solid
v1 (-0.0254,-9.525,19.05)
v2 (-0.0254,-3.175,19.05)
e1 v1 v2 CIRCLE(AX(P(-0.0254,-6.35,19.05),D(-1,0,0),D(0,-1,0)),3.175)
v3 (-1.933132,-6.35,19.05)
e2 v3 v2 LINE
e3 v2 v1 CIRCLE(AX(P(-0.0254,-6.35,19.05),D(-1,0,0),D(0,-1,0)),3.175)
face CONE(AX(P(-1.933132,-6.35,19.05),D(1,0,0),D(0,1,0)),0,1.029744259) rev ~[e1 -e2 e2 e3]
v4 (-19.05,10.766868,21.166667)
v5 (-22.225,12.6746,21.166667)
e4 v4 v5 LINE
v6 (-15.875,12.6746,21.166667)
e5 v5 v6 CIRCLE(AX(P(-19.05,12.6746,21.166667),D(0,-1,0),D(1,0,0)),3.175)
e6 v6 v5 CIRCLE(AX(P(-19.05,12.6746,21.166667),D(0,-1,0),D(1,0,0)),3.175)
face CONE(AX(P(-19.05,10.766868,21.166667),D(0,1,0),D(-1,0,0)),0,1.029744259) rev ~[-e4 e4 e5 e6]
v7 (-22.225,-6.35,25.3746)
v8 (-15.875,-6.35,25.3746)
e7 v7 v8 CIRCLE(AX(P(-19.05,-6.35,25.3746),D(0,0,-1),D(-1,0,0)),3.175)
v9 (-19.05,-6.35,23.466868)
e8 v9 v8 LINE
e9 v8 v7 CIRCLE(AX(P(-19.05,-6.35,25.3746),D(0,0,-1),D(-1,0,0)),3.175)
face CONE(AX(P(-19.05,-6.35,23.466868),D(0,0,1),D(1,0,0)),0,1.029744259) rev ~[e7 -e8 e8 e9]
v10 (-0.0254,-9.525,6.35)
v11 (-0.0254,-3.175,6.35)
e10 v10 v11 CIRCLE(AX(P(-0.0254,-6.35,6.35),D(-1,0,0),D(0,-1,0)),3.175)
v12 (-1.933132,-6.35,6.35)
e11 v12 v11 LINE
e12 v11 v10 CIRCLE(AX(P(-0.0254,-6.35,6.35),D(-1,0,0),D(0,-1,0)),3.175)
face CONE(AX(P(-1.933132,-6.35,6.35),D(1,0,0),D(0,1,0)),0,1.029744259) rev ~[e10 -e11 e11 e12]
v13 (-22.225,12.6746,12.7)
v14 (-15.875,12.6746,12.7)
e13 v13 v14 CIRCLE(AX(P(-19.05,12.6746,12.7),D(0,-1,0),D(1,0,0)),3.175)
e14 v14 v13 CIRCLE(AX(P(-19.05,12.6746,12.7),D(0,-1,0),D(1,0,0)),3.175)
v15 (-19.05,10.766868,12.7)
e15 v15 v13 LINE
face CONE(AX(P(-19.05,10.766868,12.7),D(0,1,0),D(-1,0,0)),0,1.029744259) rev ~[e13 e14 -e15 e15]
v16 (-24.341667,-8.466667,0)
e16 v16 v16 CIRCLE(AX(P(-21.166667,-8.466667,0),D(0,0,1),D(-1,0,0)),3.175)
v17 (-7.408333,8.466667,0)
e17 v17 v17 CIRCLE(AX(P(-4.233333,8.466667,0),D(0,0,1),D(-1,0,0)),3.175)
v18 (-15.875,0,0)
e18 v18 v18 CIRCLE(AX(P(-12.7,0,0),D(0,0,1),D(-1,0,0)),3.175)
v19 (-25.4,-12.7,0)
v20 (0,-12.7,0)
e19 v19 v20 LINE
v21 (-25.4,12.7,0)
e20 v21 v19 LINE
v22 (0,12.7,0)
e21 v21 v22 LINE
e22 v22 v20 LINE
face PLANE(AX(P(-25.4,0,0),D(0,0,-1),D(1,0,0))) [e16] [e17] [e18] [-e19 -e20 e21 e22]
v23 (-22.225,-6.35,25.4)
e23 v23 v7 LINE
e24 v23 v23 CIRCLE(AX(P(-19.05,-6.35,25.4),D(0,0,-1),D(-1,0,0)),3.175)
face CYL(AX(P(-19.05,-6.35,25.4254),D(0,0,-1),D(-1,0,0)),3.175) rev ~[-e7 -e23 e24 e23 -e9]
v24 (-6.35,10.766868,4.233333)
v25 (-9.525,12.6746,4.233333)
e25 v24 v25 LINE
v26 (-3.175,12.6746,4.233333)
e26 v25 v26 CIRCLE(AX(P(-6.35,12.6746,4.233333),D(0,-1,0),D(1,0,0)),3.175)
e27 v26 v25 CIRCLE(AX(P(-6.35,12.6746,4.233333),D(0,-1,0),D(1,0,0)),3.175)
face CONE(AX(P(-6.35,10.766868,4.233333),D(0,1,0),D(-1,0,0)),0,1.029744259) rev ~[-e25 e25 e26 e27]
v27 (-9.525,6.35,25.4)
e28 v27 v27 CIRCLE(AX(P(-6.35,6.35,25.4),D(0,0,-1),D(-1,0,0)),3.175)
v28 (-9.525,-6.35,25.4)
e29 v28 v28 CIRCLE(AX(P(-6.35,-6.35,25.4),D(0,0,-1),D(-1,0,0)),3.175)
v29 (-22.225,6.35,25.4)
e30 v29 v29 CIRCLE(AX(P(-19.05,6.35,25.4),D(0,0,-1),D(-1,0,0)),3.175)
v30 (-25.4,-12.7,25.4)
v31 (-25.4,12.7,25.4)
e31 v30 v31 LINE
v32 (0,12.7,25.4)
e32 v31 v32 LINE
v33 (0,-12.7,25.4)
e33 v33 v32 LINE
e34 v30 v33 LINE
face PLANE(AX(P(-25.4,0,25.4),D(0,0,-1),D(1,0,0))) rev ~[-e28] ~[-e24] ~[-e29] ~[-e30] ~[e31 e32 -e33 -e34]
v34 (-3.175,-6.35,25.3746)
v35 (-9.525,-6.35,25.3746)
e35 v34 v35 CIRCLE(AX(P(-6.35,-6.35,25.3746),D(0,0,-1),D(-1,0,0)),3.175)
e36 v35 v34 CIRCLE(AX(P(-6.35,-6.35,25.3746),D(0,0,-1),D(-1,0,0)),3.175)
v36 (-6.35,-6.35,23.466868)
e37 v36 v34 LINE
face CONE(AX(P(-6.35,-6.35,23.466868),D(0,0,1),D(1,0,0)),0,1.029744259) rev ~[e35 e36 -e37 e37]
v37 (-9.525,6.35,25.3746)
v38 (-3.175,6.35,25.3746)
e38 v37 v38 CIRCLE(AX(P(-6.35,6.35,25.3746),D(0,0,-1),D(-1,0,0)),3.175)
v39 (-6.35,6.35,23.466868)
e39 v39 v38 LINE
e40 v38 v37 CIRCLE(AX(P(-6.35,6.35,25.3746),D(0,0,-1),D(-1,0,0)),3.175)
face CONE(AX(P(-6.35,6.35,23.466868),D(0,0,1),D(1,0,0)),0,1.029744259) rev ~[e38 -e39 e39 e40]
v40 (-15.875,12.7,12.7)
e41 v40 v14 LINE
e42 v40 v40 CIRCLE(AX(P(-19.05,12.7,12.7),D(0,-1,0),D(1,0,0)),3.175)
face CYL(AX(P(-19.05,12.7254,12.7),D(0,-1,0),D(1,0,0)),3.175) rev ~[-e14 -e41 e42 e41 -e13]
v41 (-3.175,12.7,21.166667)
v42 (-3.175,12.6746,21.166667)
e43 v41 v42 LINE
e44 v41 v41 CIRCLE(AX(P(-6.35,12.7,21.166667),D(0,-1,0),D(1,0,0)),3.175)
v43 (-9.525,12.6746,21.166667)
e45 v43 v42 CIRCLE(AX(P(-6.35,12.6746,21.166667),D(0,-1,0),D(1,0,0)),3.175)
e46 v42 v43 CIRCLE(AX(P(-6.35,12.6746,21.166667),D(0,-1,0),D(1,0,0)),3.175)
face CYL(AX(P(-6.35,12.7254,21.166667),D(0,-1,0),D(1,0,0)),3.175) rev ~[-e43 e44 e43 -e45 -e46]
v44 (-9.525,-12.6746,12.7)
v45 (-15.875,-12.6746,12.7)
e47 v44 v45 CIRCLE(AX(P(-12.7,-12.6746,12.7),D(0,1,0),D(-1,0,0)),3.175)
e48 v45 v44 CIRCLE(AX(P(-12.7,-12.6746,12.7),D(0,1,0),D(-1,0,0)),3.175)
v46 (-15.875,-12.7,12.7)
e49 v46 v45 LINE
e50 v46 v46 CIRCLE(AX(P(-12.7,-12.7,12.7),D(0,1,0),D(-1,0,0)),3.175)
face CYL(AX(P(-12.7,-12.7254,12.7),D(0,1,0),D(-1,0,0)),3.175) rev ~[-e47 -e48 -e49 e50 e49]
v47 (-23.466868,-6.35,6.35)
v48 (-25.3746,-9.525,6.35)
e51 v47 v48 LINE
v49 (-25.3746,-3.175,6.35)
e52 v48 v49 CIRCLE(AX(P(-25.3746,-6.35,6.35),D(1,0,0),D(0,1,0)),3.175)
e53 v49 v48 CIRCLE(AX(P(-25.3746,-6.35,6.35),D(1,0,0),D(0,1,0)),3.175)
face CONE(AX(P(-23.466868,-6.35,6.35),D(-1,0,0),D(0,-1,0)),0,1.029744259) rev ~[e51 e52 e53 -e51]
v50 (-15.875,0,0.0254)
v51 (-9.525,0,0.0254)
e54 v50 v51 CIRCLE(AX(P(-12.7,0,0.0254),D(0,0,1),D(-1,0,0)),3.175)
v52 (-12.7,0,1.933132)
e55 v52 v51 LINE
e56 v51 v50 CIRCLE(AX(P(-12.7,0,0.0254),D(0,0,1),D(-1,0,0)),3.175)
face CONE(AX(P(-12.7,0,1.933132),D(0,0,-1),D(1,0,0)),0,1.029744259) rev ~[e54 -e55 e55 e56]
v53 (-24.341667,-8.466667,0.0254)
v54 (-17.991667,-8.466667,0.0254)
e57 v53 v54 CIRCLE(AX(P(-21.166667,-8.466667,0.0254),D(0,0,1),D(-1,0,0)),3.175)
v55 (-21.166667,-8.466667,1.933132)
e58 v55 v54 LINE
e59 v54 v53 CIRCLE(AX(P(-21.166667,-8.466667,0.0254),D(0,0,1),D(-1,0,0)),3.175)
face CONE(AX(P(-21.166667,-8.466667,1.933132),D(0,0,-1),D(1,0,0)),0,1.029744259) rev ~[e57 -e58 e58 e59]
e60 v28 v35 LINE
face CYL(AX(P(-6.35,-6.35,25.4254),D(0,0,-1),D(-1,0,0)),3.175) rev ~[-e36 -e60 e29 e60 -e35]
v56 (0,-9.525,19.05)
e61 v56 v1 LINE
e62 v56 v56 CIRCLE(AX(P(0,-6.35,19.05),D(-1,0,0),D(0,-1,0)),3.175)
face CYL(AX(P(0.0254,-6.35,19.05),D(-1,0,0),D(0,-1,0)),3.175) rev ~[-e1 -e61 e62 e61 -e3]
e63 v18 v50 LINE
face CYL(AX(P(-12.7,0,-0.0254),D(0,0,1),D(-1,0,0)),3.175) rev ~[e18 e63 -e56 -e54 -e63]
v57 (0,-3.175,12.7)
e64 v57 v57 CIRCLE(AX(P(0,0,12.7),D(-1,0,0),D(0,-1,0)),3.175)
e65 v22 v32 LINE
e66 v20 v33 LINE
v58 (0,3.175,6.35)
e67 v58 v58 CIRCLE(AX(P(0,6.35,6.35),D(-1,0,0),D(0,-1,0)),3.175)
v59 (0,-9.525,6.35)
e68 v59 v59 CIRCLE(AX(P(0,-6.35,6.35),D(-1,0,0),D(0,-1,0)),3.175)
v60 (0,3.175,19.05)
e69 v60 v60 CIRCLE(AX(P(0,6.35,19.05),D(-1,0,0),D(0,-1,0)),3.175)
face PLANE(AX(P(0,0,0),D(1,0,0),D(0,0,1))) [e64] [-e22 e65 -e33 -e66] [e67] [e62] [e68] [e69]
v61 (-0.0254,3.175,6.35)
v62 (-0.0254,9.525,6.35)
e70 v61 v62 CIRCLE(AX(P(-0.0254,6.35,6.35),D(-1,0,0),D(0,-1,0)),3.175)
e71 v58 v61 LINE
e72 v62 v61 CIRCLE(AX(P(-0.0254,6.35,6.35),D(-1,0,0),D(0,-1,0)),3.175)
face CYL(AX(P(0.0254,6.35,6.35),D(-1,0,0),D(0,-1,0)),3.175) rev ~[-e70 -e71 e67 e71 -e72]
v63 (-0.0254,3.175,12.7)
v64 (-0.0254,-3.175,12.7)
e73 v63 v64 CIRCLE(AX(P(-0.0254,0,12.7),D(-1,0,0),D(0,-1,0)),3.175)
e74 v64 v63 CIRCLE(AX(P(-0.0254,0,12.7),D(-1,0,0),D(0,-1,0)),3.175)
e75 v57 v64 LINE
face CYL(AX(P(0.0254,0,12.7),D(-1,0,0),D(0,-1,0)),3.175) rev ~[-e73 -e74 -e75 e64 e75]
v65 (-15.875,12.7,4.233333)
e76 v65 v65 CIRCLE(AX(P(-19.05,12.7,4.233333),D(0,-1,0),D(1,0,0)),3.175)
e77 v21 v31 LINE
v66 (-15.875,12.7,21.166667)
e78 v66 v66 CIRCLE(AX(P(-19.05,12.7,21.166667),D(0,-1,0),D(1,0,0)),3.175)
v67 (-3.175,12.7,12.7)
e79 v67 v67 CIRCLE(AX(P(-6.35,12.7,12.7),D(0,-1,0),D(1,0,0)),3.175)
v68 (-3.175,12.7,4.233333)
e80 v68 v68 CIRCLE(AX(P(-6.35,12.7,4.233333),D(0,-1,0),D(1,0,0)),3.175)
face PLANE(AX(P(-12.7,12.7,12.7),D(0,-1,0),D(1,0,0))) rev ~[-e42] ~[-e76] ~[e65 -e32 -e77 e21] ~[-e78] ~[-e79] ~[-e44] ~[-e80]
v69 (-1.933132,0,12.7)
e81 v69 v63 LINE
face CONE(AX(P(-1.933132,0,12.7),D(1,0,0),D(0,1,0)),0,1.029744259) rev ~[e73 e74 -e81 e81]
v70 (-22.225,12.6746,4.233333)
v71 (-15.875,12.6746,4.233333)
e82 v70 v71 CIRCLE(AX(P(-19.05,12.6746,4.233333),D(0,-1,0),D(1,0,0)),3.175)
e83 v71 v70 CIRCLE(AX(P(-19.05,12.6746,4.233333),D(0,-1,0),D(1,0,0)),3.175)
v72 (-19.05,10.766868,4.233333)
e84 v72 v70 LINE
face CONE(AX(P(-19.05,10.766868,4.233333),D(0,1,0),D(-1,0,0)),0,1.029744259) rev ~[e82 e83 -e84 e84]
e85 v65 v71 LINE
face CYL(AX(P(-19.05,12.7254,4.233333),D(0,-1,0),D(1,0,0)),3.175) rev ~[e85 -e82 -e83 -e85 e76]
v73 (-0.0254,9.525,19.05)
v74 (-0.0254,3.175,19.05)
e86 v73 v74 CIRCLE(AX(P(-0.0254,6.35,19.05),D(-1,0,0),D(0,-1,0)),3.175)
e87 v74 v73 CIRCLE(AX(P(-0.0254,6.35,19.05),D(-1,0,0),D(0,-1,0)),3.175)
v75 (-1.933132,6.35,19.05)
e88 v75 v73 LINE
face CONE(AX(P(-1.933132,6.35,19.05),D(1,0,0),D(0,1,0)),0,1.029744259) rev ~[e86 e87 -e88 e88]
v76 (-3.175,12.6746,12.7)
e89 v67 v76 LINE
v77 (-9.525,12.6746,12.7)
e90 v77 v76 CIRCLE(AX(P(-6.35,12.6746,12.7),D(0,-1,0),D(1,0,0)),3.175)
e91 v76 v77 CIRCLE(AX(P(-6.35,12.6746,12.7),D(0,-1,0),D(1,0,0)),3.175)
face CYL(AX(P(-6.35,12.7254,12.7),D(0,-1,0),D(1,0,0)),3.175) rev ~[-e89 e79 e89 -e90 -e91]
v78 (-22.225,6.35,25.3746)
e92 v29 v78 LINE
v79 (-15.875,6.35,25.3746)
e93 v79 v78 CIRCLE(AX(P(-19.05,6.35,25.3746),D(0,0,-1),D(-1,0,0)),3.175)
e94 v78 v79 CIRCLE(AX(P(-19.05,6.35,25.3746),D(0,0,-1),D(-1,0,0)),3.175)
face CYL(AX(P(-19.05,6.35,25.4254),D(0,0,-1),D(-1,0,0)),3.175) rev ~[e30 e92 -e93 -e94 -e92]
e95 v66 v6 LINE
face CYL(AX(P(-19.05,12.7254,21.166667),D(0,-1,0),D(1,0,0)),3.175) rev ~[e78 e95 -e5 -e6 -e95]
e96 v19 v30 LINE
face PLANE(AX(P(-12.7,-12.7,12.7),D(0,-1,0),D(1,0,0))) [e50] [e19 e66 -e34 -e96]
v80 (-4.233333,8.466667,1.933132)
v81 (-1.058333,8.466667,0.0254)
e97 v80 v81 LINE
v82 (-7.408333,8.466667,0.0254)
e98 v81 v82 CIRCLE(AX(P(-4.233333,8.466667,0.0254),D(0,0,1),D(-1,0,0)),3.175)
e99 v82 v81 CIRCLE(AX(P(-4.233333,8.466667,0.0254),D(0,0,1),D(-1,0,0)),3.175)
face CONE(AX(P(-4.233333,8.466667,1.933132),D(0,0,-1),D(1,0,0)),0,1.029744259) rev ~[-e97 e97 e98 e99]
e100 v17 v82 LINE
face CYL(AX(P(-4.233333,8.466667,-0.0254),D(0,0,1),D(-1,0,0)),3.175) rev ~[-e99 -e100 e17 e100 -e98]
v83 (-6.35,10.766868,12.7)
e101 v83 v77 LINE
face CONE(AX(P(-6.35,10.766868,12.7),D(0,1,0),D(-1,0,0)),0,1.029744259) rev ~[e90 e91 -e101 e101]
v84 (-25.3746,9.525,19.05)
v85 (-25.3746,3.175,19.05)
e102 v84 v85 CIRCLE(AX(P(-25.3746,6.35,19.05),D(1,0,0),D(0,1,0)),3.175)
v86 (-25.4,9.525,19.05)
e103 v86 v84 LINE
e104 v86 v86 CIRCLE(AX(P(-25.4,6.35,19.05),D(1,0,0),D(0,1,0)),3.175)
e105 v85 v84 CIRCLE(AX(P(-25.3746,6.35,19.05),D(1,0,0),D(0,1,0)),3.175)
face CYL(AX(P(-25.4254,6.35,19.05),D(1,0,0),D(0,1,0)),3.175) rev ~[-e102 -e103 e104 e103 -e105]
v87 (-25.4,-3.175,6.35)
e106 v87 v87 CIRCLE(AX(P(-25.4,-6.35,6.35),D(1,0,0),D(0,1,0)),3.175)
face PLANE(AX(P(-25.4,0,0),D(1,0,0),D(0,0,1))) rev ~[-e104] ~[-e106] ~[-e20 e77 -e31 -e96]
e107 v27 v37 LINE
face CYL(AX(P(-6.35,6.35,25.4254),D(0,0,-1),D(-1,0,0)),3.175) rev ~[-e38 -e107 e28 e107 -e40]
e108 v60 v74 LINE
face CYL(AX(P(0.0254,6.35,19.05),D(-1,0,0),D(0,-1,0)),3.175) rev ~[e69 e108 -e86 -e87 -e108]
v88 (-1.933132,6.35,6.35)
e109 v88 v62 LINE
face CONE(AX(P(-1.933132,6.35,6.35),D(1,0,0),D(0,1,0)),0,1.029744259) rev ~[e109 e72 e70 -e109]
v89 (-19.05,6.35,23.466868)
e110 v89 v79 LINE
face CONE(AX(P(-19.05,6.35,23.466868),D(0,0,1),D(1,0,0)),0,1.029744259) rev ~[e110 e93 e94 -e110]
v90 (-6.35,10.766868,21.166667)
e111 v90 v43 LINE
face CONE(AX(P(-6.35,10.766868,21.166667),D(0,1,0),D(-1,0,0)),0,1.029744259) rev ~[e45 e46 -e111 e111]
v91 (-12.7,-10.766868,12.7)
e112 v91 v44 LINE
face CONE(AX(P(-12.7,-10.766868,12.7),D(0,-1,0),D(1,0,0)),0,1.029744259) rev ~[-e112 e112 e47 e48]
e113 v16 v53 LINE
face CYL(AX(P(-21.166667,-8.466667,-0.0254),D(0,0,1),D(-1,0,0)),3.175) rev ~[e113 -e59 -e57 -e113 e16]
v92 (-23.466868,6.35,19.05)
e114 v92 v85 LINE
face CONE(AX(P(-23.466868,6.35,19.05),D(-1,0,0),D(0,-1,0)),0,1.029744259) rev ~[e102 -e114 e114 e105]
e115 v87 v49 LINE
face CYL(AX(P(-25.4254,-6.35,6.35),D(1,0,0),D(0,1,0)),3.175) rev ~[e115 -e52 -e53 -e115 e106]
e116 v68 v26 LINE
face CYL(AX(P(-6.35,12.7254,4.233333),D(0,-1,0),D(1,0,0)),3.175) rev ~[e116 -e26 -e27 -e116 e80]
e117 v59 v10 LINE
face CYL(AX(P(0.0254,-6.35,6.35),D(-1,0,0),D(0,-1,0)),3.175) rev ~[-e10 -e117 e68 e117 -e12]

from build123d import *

# Parameters (mm, degrees)
F0_W          = 25.4
F0_H          = 25.4
F1_DEPTH      = 12.7
F1_DEPTH_BACK = 12.7
F3_D          = 6.35
F3_DEPTH      = 0.0254
F3_TIP        = 1.9077324654
F5_D          = 6.35
F5_DEPTH      = 0.0254
F5_TIP        = 1.9077324654
F7_D          = 6.35
F7_DEPTH      = 0.0254
F7_TIP        = 1.9077324654
F9_D          = 6.35
F9_DEPTH      = 0.0254
F9_TIP        = 1.9077324654
F11_D         = 6.35
F11_DEPTH     = 0.0254
F11_TIP       = 1.9077324654
F13_D         = 6.35
F13_DEPTH     = 0.0254
F13_TIP       = 1.9077324654


with BuildPart() as f1:
    # F0 (on Front) → F1 (new body, two sides)
    with BuildSketch(Plane.XZ) as f1_sk:
        with Locations((-12.7, 12.7)):
            Rectangle(F0_W, F0_H)
    extrude(amount=F1_DEPTH)
    extrude(f1_sk.sketch, amount=-F1_DEPTH_BACK)

    # F3
    with Locations(Plane.XZ.offset(12.7)):
        with Locations((-12.7, 12.7)):
            Hole(F3_D / 2, depth=F3_DEPTH)
            with Locations((0, 0, -(F3_DEPTH + F3_TIP / 2))):  # 118° drill point
                Cone(0, F3_D / 2, F3_TIP, mode=Mode.SUBTRACT)

    # F5
    with Locations(Plane.XY.offset(25.4)):
        with Locations((-19.05, 6.35), (-6.35, 6.35), (-6.35, -6.35), (-19.05, -6.35)):
            Hole(F5_D / 2, depth=F5_DEPTH)
            with Locations((0, 0, -(F5_DEPTH + F5_TIP / 2))):  # 118° drill point
                Cone(0, F5_D / 2, F5_TIP, mode=Mode.SUBTRACT)

    # F7
    with Locations(Plane(origin=(0, 0, 0), x_dir=(1, 0, 0), z_dir=(0, 0, -1))):
        with Locations((-21.1666666667, 8.4666666667), (-12.7, 0), (-4.2333333333, -8.4666666667)):
            Hole(F7_D / 2, depth=F7_DEPTH)
            with Locations((0, 0, -(F7_DEPTH + F7_TIP / 2))):  # 118° drill point
                Cone(0, F7_D / 2, F7_TIP, mode=Mode.SUBTRACT)

    # F9
    with Locations(Plane.YZ):
        with Locations((-6.35, 19.05), (0, 12.7), (6.35, 19.05), (6.35, 6.35), (-6.35, 6.35)):
            Hole(F9_D / 2, depth=F9_DEPTH)
            with Locations((0, 0, -(F9_DEPTH + F9_TIP / 2))):  # 118° drill point
                Cone(0, F9_D / 2, F9_TIP, mode=Mode.SUBTRACT)

    # F11
    with Locations(Plane(origin=(-25.4, 0, 0), x_dir=(0, -1, 0), z_dir=(-1, 0, 0))):
        with Locations((-6.35, 19.05), (6.35, 6.35)):
            Hole(F11_D / 2, depth=F11_DEPTH)
            with Locations((0, 0, -(F11_DEPTH + F11_TIP / 2))):  # 118° drill point
                Cone(0, F11_D / 2, F11_TIP, mode=Mode.SUBTRACT)

    # F13
    with Locations(Plane(origin=(0, 12.7, 0), x_dir=(-1, 0, 0), z_dir=(0, 1, 0))):
        with Locations((6.35, 21.1666666667), (6.35, 12.7), (6.35, 4.2333333333), (19.05, 21.1666666667), (19.05, 12.7), (19.05, 4.2333333333)):
            Hole(F13_D / 2, depth=F13_DEPTH)
            with Locations((0, 0, -(F13_DEPTH + F13_TIP / 2))):  # 118° drill point
                Cone(0, F13_D / 2, F13_TIP, mode=Mode.SUBTRACT)


solid = f1.part
